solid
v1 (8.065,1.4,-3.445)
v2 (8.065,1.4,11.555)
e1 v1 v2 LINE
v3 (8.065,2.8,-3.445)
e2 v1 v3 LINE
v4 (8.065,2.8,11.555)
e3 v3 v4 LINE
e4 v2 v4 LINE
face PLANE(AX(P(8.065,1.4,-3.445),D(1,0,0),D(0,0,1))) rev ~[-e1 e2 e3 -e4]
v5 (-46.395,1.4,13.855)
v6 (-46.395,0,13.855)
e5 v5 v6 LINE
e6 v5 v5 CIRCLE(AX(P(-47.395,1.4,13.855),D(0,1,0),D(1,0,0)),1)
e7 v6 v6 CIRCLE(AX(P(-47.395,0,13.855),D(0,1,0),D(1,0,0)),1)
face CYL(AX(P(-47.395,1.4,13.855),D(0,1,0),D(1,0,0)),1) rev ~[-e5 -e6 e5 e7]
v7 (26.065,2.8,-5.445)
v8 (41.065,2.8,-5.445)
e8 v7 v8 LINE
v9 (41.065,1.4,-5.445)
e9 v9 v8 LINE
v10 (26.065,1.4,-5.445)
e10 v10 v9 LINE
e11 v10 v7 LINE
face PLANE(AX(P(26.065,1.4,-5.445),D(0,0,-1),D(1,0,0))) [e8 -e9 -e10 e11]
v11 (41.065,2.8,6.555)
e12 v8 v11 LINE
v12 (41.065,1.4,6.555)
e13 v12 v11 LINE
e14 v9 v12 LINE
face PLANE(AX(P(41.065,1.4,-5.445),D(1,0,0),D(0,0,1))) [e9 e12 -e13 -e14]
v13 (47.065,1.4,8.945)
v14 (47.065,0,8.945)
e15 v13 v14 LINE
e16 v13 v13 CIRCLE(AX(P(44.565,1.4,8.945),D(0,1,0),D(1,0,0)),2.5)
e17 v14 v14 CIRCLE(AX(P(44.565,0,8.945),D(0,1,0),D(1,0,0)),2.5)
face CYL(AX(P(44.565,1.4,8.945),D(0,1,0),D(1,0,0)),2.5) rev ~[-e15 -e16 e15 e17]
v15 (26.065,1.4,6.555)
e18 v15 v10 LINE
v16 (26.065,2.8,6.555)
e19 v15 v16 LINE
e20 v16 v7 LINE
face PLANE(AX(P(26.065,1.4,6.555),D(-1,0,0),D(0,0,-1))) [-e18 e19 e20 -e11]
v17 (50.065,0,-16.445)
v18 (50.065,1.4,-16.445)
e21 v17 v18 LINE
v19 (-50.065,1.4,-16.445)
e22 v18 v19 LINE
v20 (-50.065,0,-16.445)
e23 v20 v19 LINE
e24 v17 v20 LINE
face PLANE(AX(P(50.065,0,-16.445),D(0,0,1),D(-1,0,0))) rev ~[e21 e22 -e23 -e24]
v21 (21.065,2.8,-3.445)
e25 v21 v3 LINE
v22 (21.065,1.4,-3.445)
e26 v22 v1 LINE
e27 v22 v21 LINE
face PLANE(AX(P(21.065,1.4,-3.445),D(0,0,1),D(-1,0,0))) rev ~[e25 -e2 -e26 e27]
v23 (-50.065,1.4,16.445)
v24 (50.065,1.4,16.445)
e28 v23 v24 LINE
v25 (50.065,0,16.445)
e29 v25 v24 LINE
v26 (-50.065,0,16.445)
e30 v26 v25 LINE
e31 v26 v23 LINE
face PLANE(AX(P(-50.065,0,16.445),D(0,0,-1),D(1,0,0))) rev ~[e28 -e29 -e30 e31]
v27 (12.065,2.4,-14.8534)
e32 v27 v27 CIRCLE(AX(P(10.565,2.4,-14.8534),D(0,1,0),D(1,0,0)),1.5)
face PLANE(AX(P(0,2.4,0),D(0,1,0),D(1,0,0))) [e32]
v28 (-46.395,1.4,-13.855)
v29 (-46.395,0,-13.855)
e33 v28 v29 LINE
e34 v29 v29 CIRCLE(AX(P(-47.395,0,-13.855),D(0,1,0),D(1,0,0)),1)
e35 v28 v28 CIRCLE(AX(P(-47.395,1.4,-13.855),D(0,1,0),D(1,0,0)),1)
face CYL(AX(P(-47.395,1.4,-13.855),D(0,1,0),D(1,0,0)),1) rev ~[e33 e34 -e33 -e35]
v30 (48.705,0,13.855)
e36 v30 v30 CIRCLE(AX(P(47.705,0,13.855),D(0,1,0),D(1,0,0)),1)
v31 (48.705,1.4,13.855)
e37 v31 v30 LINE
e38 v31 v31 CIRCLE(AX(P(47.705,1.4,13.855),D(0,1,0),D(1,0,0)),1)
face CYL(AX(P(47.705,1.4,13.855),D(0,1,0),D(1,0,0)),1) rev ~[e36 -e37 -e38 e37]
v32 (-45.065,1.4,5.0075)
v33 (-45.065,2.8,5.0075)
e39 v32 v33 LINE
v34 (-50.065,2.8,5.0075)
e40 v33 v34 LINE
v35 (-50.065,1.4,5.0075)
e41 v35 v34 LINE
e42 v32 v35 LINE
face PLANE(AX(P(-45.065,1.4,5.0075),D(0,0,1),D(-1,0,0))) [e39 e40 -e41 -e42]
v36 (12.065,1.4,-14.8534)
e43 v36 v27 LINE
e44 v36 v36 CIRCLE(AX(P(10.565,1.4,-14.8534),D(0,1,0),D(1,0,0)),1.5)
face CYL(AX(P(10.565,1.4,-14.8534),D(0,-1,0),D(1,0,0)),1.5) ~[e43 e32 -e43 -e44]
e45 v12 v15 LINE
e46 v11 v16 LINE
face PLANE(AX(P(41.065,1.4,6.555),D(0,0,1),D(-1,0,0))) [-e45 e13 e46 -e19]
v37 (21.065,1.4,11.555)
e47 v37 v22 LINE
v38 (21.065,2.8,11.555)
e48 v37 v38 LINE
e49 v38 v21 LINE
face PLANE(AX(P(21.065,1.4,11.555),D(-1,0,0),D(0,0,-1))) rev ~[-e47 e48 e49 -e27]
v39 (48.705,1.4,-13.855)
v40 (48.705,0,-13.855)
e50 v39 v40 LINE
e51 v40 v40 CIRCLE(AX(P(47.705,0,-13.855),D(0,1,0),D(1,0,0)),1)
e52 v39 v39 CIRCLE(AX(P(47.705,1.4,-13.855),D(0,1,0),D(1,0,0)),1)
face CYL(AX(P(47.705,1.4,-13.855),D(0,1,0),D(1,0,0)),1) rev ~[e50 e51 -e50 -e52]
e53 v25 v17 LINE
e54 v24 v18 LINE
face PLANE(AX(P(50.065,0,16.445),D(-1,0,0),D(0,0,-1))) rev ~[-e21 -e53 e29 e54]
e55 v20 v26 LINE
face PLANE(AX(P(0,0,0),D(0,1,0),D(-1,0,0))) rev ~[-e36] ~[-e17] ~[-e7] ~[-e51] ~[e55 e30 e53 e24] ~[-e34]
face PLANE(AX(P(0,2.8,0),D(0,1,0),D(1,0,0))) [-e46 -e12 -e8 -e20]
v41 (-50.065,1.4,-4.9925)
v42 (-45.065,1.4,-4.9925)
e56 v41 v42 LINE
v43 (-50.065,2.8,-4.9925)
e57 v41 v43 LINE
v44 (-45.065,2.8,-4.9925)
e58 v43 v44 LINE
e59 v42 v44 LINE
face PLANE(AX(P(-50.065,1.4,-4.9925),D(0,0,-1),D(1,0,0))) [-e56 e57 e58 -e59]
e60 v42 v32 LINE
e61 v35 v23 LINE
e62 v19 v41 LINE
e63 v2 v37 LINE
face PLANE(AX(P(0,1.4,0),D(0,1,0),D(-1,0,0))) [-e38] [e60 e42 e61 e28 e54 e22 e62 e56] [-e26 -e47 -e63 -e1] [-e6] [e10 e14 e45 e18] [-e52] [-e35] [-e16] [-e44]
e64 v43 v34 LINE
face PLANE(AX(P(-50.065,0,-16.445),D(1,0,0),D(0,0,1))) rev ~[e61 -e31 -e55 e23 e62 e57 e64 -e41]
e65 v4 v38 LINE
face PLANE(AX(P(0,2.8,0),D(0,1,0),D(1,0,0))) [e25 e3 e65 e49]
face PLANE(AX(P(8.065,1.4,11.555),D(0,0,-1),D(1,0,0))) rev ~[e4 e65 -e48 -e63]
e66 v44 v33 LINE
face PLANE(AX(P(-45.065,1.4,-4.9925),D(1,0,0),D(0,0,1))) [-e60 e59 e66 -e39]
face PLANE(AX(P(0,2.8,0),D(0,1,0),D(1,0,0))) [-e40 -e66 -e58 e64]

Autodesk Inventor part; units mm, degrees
ref_plane "YZ Plane" through (0, 0, 0) normal (1, 0, 0) x (0, 1, 0)
ref_plane "XZ Plane" through (0, 0, 0) normal (0, 1, 0) x (-1, 0, 0)
ref_plane "XY Plane" through (0, 0, 0) normal (0, 0, 1) x (1, 0, 0)
sketch "Boceto1" plane through (0, 0, 0) normal (0, 1, 0) x (-1, 0, 0)
  line L0 (50.065, 16.445) -> (-50.065, 16.445)
  line L1 (-50.065, 16.445) -> (-50.065, -16.445)
  line L2 (-50.065, -16.445) -> (50.065, -16.445)
  line L3 (50.065, -16.445) -> (50.065, 16.445)
  point P0 (0, 0)
  dimension "q" = 100.13
  dimension "t" = 32.89
  dimension "d3" = 16.445
  dimension "d4" = 50.065
extrude "Extrusión1" add sketch "Boceto1" along normal blind 1.4
sketch "Boceto2" plane through (0, 1.4, 0) normal (0, 1, 0) x (1, 0, 0)
  circle A0 centre (-47.395, -13.855) radius 1
  circle A1 centre (-47.395, 13.855) radius 1
  line L0 (-50.065, -16.445) -> (50.065, -16.445) projected
  line L1 (50.065, 16.445) -> (-50.065, 16.445) projected
  line L2 (-50.065, 16.445) -> (-50.065, -16.445) projected
  circle A2 centre (47.705, -13.855) radius 1
  circle A3 centre (47.705, 13.855) radius 1
  line L3 (50.065, -16.445) -> (50.065, 16.445) projected
  point P0 (0, 0)
  dimension "d7" = 2
  dimension "d8" = 2
  dimension "v" = 2.59
  dimension "d10" = 2.59
  dimension "d11" = 2.67
  dimension "d12" = 2.67
  dimension "d13" = 2
  dimension "d14" = 2
  dimension "d15" = 2.59
  dimension "d16" = 2.59
  dimension "d17" = 2.36
  dimension "d18" = 2.36
extrude "Extrusión2" cut sketch "Boceto2" against normal blind 1.4 contours A0 | A1 | A2 | A3
sketch "Boceto3" plane through (0, 1.4, 0) normal (0, 1, 0) x (1, 0, 0)
  line L0 (-50.065, 16.445) -> (-50.065, -16.445) projected
  line L1 (-45.065, -5.0075) -> (-50.065, -5.0075)
  line L2 (-50.065, -5.0075) -> (-50.065, 4.9925)
  line L3 (-50.065, 4.9925) -> (-45.065, 4.9925)
  line L4 (-45.065, 4.9925) -> (-45.065, -5.0075)
  line L5 (8.065, -11.555) -> (21.065, -11.555)
  line L6 (21.065, -11.555) -> (21.065, 3.445)
  line L7 (21.065, 3.445) -> (8.065, 3.445)
  line L8 (8.065, 3.445) -> (8.065, -11.555)
  line L9 (50.065, -16.445) -> (50.065, 16.445) projected
  line L10 (50.065, 16.445) -> (-50.065, 16.445) projected
  line L11 (41.065, -6.555) -> (26.065, -6.555)
  line L12 (26.065, -6.555) -> (26.065, 5.445)
  line L13 (26.065, 5.445) -> (41.065, 5.445)
  line L14 (41.065, 5.445) -> (41.065, -6.555)
  point P0 (0, 0)
  dimension "d22" = 10
  dimension "d23" = 5
  dimension "d24" = 13
  dimension "d25" = 15
  dimension "d26" = 42
  dimension "d27" = 28
  dimension "d28" = 15
  dimension "d29" = 12
  dimension "d30" = 24
  dimension "d31" = 23
extrude "Extrusión3" add sketch "Boceto3" along normal blind 1.4
sketch "Boceto4" plane through (0, 2.8, 0) normal (0, 1, 0) x (1, 0, 0)
  point P0 (0, 0)
  point P1 (8.9547, -10.1632)
sketch "Boceto5" plane through (0, 2.8, 0) normal (0, 1, 0) x (1, 0, 0)
  line L0 (19.4822, 1.7557) -> (19.4822, -9.7421) construction
  line L1 (19.4822, -9.7421) -> (15.3355, -9.7421) construction
  line L2 (15.3355, -9.7421) -> (15.3355, 1.7557) construction
  line L3 (15.3355, 1.7557) -> (19.4822, 1.7557) construction
  point P0 (0, 0)
sketch "Boceto6" plane through (0, 2.8, 0) normal (0, 1, 0) x (1, 0, 0)
  line L0 (14.4245, 1.2531) -> (14.4245, -8.6603) construction
  line L1 (14.4245, -8.6603) -> (9.5235, -8.6603) construction
  line L2 (9.5235, -8.6603) -> (9.5235, 1.2531) construction
  line L3 (9.5235, 1.2531) -> (14.4245, 1.2531) construction
  point P0 (0, 0)
sketch "Boceto7" plane through (0, 1.4, 0) normal (0, 1, 0) x (1, 0, 0)
  circle A0 centre (44.565, -8.945) radius 2.5
  line L0 (50.065, -16.445) -> (50.065, 16.445) projected
  line L1 (-50.065, -16.445) -> (50.065, -16.445) projected
  point P0 (0, 0)
  dimension "d34" = 5
  dimension "d38" = 3
  dimension "d39" = 5
extrude "Extrusión4" cut sketch "Boceto7" against normal blind 1.4
sketch "Boceto8" plane through (0, 1.4, 0) normal (0, 1, 0) x (1, 0, 0)
  circle A0 centre (10.565, 14.8534) radius 1.5
  line L0 (50.065, -16.445) -> (50.065, 16.445) projected
  point P0 (0, 0)
  dimension "d42" = 3
  dimension "d43" = 41
extrude "Extrusión5" add sketch "Boceto8" along normal blind 1
equation "\"d3\" = 0.5 * t"
equation "\"d4\" = 0.5 * q"
equation "\"d10\" = v"
equation "\"d15\" = v"
equation "\"d16\" = v"
properties part number "tBeam"
